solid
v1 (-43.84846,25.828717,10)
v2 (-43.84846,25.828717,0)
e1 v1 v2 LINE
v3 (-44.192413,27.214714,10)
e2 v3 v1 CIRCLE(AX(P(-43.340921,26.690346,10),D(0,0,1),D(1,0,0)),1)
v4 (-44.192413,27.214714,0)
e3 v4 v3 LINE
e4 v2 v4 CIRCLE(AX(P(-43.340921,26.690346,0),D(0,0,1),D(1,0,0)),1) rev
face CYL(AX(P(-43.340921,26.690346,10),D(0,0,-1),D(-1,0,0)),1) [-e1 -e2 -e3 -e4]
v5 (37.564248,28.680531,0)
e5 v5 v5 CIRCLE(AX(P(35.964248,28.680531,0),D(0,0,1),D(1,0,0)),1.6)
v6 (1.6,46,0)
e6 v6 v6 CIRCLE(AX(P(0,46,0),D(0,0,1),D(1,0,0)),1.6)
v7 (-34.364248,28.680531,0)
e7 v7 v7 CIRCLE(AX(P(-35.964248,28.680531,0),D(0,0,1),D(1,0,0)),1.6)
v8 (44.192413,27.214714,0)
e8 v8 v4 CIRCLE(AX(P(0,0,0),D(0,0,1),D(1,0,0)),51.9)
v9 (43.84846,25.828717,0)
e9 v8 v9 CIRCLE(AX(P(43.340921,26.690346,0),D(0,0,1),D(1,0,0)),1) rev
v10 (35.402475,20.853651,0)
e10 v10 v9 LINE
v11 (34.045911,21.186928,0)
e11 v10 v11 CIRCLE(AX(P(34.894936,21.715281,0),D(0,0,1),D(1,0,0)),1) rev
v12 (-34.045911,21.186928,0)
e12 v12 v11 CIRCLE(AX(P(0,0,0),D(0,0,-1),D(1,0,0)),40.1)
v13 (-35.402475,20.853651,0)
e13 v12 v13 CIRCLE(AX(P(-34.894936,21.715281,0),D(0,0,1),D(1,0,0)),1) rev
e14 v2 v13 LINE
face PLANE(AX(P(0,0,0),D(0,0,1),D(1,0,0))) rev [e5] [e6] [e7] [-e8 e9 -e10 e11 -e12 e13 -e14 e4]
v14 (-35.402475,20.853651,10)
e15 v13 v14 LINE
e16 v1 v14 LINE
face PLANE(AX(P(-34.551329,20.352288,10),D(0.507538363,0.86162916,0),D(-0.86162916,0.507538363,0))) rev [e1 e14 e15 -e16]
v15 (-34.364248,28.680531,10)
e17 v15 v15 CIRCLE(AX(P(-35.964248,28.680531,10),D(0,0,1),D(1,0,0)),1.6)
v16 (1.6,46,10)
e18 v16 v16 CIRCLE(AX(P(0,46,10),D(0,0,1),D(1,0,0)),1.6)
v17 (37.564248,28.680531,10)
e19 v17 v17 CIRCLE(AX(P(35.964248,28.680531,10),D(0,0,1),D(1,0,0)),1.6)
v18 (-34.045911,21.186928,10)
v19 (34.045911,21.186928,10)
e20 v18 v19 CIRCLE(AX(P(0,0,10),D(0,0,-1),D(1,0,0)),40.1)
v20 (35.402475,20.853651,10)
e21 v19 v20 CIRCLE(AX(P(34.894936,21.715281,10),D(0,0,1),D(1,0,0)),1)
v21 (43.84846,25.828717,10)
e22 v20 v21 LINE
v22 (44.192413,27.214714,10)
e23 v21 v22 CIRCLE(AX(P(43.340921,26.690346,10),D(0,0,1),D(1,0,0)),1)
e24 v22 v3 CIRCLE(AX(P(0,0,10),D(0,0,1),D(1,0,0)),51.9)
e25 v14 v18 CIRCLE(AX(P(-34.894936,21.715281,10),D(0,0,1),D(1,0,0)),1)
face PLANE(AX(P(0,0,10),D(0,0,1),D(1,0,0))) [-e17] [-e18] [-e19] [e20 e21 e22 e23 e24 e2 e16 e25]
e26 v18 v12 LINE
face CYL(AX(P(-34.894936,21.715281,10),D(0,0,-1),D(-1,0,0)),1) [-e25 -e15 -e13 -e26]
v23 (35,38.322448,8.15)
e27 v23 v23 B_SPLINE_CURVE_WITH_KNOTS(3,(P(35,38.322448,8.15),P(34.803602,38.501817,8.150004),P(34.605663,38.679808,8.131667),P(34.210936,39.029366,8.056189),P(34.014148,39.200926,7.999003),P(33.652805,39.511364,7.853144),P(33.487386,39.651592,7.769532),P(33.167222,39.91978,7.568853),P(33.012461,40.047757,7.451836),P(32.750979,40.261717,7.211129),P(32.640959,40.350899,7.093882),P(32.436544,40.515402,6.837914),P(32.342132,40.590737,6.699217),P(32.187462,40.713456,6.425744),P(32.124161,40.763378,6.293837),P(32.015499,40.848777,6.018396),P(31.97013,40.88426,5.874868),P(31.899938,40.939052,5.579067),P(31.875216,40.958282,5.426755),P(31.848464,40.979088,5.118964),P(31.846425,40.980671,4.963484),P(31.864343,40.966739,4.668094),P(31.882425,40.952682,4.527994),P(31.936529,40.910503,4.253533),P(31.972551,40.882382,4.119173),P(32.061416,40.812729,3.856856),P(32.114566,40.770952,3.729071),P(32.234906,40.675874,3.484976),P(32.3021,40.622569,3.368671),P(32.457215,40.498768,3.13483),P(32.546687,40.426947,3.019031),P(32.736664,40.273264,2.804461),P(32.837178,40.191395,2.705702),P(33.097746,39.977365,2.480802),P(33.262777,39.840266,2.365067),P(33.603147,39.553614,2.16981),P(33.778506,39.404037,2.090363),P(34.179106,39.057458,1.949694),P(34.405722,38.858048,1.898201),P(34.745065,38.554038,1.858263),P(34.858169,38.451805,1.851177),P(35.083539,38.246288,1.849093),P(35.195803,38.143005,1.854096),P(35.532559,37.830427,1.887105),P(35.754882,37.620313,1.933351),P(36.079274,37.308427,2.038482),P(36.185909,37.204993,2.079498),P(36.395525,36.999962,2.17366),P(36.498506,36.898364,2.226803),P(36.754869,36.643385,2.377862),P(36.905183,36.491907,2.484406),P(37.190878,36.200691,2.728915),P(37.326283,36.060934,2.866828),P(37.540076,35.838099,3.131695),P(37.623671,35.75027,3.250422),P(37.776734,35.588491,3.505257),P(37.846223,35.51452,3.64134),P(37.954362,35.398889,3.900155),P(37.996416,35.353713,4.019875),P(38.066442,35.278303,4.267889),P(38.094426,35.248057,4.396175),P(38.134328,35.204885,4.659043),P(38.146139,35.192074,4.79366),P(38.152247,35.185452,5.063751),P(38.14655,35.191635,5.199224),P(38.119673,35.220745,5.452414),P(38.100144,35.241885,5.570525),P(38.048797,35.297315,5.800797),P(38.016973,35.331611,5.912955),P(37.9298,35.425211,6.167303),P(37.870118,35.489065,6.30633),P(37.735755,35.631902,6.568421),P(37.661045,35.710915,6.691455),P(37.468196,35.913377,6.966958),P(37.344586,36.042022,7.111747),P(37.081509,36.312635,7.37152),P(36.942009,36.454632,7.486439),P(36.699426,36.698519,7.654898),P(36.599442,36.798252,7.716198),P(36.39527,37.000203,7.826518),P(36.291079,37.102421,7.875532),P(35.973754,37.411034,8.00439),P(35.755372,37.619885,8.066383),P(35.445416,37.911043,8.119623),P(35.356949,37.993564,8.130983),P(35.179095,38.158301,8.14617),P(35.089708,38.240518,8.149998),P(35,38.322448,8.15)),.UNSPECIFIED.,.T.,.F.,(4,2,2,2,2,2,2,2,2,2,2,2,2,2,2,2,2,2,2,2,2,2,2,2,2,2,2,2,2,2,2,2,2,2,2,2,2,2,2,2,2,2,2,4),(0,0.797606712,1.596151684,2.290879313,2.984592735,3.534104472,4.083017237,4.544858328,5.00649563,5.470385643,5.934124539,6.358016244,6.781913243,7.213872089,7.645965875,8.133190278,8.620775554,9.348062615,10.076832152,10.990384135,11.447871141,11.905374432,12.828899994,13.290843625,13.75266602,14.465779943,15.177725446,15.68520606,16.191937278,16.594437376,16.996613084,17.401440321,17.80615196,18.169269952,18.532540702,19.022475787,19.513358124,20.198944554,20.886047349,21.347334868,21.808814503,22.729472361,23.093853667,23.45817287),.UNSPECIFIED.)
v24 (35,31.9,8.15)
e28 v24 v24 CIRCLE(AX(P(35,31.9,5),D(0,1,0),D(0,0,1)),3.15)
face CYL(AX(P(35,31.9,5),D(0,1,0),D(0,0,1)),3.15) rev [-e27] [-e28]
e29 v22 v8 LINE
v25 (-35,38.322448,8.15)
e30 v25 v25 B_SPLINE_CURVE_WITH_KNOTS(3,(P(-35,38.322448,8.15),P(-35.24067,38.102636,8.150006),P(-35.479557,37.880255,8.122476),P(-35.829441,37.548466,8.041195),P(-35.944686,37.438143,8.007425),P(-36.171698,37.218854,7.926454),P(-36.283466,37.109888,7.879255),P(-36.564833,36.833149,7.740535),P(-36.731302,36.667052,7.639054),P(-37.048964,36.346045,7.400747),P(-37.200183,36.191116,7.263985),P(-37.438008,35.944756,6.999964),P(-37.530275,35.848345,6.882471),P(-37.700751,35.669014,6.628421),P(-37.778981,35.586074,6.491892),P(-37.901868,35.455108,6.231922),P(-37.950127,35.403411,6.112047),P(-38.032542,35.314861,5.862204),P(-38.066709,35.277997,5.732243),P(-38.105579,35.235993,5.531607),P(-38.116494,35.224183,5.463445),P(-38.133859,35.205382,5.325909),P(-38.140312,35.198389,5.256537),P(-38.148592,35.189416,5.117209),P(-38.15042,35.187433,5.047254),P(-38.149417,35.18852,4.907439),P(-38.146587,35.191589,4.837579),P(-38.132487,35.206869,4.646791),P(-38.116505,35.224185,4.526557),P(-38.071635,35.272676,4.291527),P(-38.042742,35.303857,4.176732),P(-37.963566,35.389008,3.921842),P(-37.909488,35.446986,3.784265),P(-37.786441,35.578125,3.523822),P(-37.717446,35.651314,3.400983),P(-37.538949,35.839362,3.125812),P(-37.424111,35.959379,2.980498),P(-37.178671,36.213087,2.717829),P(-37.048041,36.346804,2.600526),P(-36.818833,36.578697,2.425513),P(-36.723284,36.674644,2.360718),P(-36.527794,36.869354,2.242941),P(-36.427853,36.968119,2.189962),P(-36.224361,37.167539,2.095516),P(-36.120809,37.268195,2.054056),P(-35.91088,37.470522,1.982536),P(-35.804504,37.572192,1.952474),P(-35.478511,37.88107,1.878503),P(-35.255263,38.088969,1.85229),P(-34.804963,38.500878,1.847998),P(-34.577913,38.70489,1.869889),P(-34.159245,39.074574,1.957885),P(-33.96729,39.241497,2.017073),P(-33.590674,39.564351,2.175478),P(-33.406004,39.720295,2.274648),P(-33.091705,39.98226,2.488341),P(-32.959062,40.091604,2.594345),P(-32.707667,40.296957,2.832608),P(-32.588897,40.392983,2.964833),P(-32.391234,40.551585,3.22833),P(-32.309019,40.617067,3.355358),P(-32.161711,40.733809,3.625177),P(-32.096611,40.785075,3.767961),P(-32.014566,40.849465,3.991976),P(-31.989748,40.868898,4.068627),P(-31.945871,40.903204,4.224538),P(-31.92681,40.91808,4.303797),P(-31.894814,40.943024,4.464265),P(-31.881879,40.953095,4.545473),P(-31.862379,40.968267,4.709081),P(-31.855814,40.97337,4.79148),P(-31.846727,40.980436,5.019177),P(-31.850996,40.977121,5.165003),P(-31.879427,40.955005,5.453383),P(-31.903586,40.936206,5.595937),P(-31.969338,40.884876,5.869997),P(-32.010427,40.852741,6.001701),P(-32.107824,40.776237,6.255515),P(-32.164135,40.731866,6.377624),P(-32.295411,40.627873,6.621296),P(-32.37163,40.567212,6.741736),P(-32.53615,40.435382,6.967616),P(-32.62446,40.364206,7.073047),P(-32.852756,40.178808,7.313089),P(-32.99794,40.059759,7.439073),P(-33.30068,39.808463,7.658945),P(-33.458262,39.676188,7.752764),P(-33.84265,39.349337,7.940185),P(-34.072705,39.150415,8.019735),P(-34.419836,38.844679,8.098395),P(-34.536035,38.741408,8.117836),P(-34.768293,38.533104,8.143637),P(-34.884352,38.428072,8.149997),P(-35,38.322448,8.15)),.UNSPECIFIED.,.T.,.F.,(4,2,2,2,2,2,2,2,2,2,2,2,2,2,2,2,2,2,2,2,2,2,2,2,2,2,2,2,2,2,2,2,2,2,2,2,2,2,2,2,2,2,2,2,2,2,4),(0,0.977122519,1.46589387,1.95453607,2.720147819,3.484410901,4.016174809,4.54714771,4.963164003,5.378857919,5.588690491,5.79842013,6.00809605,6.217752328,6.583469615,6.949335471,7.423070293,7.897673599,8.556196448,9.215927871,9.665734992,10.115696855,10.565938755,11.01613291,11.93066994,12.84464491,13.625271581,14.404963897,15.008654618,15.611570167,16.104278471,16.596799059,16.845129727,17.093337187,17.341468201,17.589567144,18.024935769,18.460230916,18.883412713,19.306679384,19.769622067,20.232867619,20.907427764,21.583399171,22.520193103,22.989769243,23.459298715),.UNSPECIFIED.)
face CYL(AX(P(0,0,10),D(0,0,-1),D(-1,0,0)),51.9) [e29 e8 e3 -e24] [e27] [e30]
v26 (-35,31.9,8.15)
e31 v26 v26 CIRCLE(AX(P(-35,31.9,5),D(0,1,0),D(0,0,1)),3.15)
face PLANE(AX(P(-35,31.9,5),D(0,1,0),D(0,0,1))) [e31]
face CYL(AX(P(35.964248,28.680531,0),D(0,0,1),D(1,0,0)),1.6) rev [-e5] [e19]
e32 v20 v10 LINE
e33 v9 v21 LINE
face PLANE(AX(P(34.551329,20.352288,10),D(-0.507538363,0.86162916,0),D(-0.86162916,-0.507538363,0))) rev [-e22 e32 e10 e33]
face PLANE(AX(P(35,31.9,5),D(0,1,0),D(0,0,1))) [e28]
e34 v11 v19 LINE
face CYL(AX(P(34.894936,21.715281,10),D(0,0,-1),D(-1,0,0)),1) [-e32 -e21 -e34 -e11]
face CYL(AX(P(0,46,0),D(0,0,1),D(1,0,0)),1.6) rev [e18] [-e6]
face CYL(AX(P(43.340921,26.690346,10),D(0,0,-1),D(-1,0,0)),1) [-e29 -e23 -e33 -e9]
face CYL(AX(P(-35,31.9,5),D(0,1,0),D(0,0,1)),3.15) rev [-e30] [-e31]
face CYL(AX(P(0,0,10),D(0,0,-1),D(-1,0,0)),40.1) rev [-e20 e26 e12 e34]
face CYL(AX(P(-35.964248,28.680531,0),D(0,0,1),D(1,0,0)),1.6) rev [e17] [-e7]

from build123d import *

# Parameters (mm, degrees)
AUFSATZ_LINEAR_AUSTRAGEN1_DEPTH = 10
VERRUNDUNG1_R                   = 1
SKIZZE2_R                       = 1.6
SCHNITT_LINEAR_AUSTRAGEN1_DEPTH = 10
SKIZZE3_R                       = 3.15
SCHNITT_LINEAR_AUSTRAGEN2_DEPTH = 20


with BuildPart() as part:
    # Skizze1 → Aufsatz-Linear austragen1 (new body)
    with BuildSketch(Plane.XY):
        with BuildLine():
            Line((-34.551329334, 20.352288355), (-44.718553427, 26.341241038))
            ThreePointArc((-44.718553427, 26.341241038), (0, 51.9), (44.718553427, 26.341241038))
            Line((44.718553427, 26.341241038), (34.551329334, 20.352288355))
            ThreePointArc((34.551329334, 20.352288355), (0, 40.1), (-34.551329334, 20.352288355))
        make_face()
    extrude(amount=AUFSATZ_LINEAR_AUSTRAGEN1_DEPTH)

    # Verrundung1
    verrundung1_edges = [part.edges().sort_by_distance(p)[0] for p in [
        (-34.551329334, 20.352288355, 5),
        (-44.718553427, 26.341241038, 5),
        (44.718553427, 26.341241038, 5),
        (34.551329334, 20.352288355, 5),
    ]]
    fillet(verrundung1_edges, radius=VERRUNDUNG1_R)

    # Skizze2 → Schnitt-Linear austragen1 (cut)
    with BuildSketch(Plane.XY.offset(10)):
        with Locations((0, 46)):
            Circle(SKIZZE2_R)
        with Locations((35.964248194, 28.680530886)):
            Circle(SKIZZE2_R)
        with Locations((-35.964248194, 28.680530886)):
            Circle(SKIZZE2_R)
    extrude(amount=-SCHNITT_LINEAR_AUSTRAGEN1_DEPTH, mode=Mode.SUBTRACT)

    # Skizze3 → Schnitt-Linear austragen2 (cut)
    with BuildSketch(Plane(origin=(0, 51.9, 0), x_dir=(1, 0, 0), z_dir=(0, 1, 0))):
        with Locations(Location((-35, -5, 0), (0, 0, 270))):
            Circle(SKIZZE3_R)
        with Locations(Location((35, -5, 0), (0, 0, 270))):
            Circle(SKIZZE3_R)
    extrude(amount=-SCHNITT_LINEAR_AUSTRAGEN2_DEPTH, mode=Mode.SUBTRACT)


solid = part.part
